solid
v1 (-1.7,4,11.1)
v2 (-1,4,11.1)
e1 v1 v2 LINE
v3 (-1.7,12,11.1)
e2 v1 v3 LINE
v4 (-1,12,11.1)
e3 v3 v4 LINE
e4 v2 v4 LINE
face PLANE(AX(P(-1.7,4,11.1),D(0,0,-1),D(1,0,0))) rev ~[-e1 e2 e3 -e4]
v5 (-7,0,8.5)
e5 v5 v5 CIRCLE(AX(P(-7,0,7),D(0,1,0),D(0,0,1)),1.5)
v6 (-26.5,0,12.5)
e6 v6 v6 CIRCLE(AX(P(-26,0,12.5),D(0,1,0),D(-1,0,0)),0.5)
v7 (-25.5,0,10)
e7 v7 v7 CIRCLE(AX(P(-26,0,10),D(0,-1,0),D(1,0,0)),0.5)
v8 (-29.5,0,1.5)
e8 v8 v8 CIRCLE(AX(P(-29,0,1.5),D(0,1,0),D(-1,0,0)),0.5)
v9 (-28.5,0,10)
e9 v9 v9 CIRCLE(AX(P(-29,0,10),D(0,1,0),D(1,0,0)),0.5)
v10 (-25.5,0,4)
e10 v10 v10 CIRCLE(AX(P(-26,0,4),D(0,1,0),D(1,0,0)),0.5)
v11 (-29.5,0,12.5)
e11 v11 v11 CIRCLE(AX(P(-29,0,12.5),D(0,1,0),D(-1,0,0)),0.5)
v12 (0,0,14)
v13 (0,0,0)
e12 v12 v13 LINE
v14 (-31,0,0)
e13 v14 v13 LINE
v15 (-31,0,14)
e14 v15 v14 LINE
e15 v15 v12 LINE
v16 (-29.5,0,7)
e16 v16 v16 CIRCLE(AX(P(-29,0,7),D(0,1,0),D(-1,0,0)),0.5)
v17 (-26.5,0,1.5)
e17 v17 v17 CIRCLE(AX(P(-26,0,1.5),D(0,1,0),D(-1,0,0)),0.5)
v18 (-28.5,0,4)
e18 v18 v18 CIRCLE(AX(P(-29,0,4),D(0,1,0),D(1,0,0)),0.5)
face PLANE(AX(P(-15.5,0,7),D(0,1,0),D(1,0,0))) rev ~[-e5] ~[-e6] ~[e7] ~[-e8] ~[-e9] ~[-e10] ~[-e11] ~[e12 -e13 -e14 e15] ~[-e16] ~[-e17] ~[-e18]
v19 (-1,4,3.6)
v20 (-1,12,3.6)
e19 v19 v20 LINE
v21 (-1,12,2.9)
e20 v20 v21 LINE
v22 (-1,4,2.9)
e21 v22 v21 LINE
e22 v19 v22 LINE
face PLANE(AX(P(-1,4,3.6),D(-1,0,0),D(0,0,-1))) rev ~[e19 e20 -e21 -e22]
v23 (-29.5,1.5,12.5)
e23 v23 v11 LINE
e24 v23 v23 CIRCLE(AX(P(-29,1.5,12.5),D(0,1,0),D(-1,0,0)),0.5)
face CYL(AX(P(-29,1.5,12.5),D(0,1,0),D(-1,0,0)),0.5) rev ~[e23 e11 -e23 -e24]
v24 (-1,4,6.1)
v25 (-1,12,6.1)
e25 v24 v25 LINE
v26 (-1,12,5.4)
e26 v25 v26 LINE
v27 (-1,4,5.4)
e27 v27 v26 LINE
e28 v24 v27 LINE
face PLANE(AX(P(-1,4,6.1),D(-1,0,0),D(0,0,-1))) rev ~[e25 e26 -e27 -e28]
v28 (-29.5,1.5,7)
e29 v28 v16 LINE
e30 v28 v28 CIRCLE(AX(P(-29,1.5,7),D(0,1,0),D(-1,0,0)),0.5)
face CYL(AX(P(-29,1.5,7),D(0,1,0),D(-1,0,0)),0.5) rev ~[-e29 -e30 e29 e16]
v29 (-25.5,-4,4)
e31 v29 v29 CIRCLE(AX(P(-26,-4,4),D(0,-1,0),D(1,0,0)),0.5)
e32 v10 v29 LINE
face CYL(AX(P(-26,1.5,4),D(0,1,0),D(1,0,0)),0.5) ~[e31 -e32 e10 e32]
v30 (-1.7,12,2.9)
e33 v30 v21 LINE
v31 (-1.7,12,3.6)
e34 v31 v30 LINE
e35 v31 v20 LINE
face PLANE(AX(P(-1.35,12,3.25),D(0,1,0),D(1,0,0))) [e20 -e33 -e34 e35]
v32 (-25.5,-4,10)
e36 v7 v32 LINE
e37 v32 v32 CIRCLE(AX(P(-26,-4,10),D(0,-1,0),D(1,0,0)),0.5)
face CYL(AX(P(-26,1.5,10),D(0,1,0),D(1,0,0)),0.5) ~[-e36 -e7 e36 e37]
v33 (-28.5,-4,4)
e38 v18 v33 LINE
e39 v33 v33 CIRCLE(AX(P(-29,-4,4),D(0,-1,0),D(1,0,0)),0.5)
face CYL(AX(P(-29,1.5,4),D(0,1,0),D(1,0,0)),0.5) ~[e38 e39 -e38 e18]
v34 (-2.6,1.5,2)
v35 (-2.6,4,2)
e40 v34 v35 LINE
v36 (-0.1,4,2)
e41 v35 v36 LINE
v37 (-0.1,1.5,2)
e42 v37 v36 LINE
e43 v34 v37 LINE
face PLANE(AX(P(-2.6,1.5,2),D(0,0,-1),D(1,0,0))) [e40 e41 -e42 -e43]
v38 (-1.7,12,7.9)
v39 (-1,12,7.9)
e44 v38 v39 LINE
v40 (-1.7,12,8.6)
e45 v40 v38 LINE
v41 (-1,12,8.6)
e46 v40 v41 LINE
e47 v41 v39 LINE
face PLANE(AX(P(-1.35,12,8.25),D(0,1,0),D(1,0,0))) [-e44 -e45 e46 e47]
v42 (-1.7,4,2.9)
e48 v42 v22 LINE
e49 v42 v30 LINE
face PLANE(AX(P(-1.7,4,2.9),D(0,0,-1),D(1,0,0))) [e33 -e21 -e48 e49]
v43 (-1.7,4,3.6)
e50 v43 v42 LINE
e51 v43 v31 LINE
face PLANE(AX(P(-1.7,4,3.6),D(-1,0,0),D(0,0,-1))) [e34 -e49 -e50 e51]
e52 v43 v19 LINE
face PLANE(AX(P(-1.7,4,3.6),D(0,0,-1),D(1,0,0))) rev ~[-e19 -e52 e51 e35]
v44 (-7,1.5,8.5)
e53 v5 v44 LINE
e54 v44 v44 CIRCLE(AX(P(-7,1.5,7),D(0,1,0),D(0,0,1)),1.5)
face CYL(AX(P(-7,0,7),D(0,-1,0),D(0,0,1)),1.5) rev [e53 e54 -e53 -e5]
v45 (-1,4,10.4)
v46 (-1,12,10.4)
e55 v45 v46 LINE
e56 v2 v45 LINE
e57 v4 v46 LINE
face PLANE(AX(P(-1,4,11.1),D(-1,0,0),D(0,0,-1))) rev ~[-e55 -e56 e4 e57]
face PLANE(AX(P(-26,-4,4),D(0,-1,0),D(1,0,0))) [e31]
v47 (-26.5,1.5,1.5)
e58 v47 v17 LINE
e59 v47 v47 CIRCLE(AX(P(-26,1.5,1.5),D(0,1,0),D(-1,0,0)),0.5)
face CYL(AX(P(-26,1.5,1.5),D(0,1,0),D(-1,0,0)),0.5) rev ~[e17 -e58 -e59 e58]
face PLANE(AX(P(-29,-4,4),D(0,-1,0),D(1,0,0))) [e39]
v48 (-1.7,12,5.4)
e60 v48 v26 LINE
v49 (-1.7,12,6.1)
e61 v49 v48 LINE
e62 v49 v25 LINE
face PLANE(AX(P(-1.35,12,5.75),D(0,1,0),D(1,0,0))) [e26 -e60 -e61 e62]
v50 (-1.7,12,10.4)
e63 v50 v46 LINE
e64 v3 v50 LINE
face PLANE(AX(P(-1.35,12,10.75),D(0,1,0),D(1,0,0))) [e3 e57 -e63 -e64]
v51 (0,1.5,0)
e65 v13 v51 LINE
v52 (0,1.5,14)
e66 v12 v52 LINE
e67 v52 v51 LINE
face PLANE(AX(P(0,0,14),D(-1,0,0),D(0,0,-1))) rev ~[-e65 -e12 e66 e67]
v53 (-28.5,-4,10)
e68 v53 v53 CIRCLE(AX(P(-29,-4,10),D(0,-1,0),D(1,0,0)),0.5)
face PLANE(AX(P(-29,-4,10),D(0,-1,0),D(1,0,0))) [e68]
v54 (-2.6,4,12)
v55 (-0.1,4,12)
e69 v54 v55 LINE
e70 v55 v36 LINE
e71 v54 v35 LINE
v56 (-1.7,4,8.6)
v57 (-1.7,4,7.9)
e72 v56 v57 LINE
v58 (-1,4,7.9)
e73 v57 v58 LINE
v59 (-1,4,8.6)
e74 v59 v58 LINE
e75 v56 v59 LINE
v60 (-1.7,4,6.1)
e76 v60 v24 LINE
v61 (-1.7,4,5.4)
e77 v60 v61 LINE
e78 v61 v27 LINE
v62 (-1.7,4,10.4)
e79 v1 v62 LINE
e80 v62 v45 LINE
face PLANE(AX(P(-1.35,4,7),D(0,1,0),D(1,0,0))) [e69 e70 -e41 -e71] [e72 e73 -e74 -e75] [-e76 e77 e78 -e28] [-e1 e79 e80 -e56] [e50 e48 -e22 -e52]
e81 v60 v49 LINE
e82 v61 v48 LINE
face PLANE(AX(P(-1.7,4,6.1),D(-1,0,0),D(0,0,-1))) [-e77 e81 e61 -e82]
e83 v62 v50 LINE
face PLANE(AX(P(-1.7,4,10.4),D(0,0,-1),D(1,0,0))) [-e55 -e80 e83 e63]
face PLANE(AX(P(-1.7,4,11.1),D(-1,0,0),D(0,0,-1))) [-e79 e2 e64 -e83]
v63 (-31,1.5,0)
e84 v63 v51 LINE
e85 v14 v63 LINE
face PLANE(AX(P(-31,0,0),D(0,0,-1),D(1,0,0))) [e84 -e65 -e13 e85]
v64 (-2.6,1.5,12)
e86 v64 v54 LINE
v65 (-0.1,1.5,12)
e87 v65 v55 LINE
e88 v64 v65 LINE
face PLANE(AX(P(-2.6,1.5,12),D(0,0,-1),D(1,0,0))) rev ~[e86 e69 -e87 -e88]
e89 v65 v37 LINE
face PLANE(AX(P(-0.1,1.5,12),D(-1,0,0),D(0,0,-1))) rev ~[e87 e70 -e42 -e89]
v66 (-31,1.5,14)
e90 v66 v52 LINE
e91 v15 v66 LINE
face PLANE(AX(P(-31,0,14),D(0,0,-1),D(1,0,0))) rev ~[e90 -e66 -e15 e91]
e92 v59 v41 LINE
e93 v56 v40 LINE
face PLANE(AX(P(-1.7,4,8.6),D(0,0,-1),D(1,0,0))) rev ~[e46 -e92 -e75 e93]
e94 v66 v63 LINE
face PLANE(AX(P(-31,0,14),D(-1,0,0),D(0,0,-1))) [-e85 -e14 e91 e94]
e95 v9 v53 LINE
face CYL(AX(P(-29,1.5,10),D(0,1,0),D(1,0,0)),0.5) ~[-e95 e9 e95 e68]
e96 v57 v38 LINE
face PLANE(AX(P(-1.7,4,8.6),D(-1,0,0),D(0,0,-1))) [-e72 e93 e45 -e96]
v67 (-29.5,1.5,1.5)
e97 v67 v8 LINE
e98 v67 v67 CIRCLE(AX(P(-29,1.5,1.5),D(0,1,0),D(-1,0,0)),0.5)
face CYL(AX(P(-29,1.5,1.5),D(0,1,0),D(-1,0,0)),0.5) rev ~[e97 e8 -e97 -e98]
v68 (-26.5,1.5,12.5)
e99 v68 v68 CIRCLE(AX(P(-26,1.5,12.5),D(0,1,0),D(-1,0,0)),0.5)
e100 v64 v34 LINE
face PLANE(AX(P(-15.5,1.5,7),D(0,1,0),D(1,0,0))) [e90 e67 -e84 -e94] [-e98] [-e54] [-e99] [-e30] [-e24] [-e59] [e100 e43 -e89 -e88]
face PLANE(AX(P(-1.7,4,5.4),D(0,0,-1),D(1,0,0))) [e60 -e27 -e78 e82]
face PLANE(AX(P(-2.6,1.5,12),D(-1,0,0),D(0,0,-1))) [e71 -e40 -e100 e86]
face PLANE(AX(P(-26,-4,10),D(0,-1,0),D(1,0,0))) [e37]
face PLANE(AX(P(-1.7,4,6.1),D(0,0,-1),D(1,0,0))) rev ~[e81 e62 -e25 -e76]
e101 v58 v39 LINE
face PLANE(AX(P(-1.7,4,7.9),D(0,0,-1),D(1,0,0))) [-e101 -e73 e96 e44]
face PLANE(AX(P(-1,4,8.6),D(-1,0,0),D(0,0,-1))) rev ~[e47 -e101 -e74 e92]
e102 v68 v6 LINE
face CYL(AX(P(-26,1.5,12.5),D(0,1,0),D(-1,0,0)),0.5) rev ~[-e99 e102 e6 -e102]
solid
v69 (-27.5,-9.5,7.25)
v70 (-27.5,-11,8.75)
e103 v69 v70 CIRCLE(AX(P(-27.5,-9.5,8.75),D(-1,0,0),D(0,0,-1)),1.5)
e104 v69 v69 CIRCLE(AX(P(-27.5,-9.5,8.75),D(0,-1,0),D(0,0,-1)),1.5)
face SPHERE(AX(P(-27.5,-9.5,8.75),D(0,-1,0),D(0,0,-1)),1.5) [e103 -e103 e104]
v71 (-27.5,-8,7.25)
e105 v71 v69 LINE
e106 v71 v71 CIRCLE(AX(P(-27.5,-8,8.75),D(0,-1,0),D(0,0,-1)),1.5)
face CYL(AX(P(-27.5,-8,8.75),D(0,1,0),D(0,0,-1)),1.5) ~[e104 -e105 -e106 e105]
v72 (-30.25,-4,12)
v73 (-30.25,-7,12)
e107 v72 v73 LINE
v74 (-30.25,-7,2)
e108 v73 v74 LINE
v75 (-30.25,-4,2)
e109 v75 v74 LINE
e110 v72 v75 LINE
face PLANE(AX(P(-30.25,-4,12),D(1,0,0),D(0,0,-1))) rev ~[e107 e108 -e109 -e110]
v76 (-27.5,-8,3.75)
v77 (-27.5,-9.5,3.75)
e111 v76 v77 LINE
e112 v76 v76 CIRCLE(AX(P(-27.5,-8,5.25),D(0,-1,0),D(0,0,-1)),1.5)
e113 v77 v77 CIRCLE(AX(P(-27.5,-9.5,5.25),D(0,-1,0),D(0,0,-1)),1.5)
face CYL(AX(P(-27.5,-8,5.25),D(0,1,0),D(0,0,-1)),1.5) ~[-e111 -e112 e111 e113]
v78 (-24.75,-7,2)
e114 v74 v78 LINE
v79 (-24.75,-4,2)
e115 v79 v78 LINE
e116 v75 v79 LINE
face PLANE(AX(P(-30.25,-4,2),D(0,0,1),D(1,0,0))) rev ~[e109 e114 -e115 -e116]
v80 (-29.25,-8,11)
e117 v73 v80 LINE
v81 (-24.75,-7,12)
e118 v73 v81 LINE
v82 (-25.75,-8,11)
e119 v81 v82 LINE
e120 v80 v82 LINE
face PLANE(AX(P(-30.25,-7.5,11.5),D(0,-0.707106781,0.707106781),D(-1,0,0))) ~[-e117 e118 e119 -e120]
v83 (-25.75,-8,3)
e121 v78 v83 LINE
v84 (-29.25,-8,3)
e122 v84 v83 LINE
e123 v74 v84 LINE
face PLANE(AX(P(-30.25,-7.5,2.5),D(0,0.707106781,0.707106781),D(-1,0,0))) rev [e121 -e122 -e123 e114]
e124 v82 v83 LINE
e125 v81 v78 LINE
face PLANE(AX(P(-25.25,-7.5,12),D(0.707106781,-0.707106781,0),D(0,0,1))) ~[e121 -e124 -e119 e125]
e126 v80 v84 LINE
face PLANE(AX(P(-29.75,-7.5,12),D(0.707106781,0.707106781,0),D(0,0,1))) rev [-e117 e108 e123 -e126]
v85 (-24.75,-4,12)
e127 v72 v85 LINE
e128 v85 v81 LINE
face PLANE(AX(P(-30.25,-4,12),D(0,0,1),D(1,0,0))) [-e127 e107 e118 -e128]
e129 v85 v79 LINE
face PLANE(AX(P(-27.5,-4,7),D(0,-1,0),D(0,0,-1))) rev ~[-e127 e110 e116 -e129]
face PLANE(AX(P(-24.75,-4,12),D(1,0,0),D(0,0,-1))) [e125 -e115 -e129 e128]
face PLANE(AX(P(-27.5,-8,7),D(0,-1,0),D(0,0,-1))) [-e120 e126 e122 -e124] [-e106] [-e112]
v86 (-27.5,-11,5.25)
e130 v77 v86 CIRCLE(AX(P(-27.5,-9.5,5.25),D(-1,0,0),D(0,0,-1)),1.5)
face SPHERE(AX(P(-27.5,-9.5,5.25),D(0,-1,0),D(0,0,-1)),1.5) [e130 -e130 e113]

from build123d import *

# Parameters (mm, degrees)
SKETCH1_W            = 31
SKETCH1_H            = 14
SKETCH1_R            = 1.5
BOSS_EXTRUDE1_DEPTH  = 1.5
SKETCH2_W            = 2.5
SKETCH2_H            = 10
BOSS_EXTRUDE2_DEPTH  = 2.5
SKETCH3_W            = 0.7
SKETCH3_H            = 0.7
BOSS_EXTRUDE3_DEPTH  = 8
CUT_EXTRUDE3_REACH   = 37.598
SKETCH13_R           = 0.5
SKETCH14_W           = 10
SKETCH14_H           = 5.5
BOSS_EXTRUDE10_DEPTH = 4
CHAMFER1_SIZE        = 1
SKETCH15_R           = 1.5
BOSS_EXTRUDE11_DEPTH = 3
SKETCH15_2_R         = 1.5
BOSS_EXTRUDE12_DEPTH = 2
FILLET3_R            = 1.5
FILLET4_R            = 1.5
BOSS_EXTRUDE13_START = -5.5
SKETCH16_R           = 0.5
BOSS_EXTRUDE13_DEPTH = 5.5


with BuildPart() as part:
    # Sketch1 → Boss-Extrude1 (new body)
    with BuildSketch(Plane(origin=(0, 0, 0), x_dir=(1, 0, 0), z_dir=(0, 1, 0))):
        with Locations((-15.5, -7)):
            Rectangle(SKETCH1_W, SKETCH1_H)
        with Locations((-7, -7)):
            Circle(SKETCH1_R, mode=Mode.SUBTRACT)
    extrude(amount=BOSS_EXTRUDE1_DEPTH)

    # Sketch2 → Boss-Extrude2 (add)
    with BuildSketch(Plane(origin=(0, 1.5, 0), x_dir=(1, 0, 0), z_dir=(0, 1, 0))):
        with Locations((-1.35, -7)):
            Rectangle(SKETCH2_W, SKETCH2_H)
    extrude(amount=BOSS_EXTRUDE2_DEPTH)

    # Sketch3 → Boss-Extrude3 (add)
    with BuildSketch(Plane(origin=(0, 4, 0), x_dir=(1, 0, 0), z_dir=(0, 1, 0))):
        with Locations((-1.35, -3.25)):
            Rectangle(SKETCH3_W, SKETCH3_H)
        with Locations((-1.35, -5.75)):
            Rectangle(SKETCH3_W, SKETCH3_H)
        with Locations((-1.35, -8.25)):
            Rectangle(SKETCH3_W, SKETCH3_H)
        with Locations((-1.35, -10.75)):
            Rectangle(SKETCH3_W, SKETCH3_H)
    extrude(amount=BOSS_EXTRUDE3_DEPTH)

    # Sketch13 → Cut-Extrude3 (cut, up to next)
    with BuildSketch(Plane.ZX.offset(1.5), mode=Mode.PRIVATE) as cut_extrude3_sk1:
        with Locations((12.5, -29)):
            Circle(SKETCH13_R)
    cut_extrude3_tool1 = extrude(cut_extrude3_sk1.sketch, amount=-CUT_EXTRUDE3_REACH, mode=Mode.PRIVATE) & part.part
    # Sketch13 → Cut-Extrude3 (cut, up to next)
    with BuildSketch(Plane.ZX.offset(1.5), mode=Mode.PRIVATE) as cut_extrude3_sk2:
        with Locations((12.5, -26)):
            Circle(SKETCH13_R)
    cut_extrude3_tool2 = extrude(cut_extrude3_sk2.sketch, amount=-CUT_EXTRUDE3_REACH, mode=Mode.PRIVATE) & part.part
    # Sketch13 → Cut-Extrude3 (cut, up to next)
    with BuildSketch(Plane.ZX.offset(1.5), mode=Mode.PRIVATE) as cut_extrude3_sk3:
        with Locations((10, -26)):
            Circle(SKETCH13_R)
    cut_extrude3_tool3 = extrude(cut_extrude3_sk3.sketch, amount=-CUT_EXTRUDE3_REACH, mode=Mode.PRIVATE) & part.part
    # Sketch13 → Cut-Extrude3 (cut, up to next)
    with BuildSketch(Plane.ZX.offset(1.5), mode=Mode.PRIVATE) as cut_extrude3_sk4:
        with Locations((10, -29)):
            Circle(SKETCH13_R)
    cut_extrude3_tool4 = extrude(cut_extrude3_sk4.sketch, amount=-CUT_EXTRUDE3_REACH, mode=Mode.PRIVATE) & part.part
    # Sketch13 → Cut-Extrude3 (cut, up to next)
    with BuildSketch(Plane.ZX.offset(1.5), mode=Mode.PRIVATE) as cut_extrude3_sk5:
        with Locations((7, -29)):
            Circle(SKETCH13_R)
    cut_extrude3_tool5 = extrude(cut_extrude3_sk5.sketch, amount=-CUT_EXTRUDE3_REACH, mode=Mode.PRIVATE) & part.part
    # Sketch13 → Cut-Extrude3 (cut, up to next)
    with BuildSketch(Plane.ZX.offset(1.5), mode=Mode.PRIVATE) as cut_extrude3_sk6:
        with Locations((4, -29)):
            Circle(SKETCH13_R)
    cut_extrude3_tool6 = extrude(cut_extrude3_sk6.sketch, amount=-CUT_EXTRUDE3_REACH, mode=Mode.PRIVATE) & part.part
    # Sketch13 → Cut-Extrude3 (cut, up to next)
    with BuildSketch(Plane.ZX.offset(1.5), mode=Mode.PRIVATE) as cut_extrude3_sk7:
        with Locations((1.5, -29)):
            Circle(SKETCH13_R)
    cut_extrude3_tool7 = extrude(cut_extrude3_sk7.sketch, amount=-CUT_EXTRUDE3_REACH, mode=Mode.PRIVATE) & part.part
    # Sketch13 → Cut-Extrude3 (cut, up to next)
    with BuildSketch(Plane.ZX.offset(1.5), mode=Mode.PRIVATE) as cut_extrude3_sk8:
        with Locations((4, -26)):
            Circle(SKETCH13_R)
    cut_extrude3_tool8 = extrude(cut_extrude3_sk8.sketch, amount=-CUT_EXTRUDE3_REACH, mode=Mode.PRIVATE) & part.part
    # Sketch13 → Cut-Extrude3 (cut, up to next)
    with BuildSketch(Plane.ZX.offset(1.5), mode=Mode.PRIVATE) as cut_extrude3_sk9:
        with Locations((1.5, -26)):
            Circle(SKETCH13_R)
    cut_extrude3_tool9 = extrude(cut_extrude3_sk9.sketch, amount=-CUT_EXTRUDE3_REACH, mode=Mode.PRIVATE) & part.part
    add(cut_extrude3_tool1.solids().sort_by_distance((-29, 1.5, 12.5))[0], mode=Mode.SUBTRACT)
    add(cut_extrude3_tool2.solids().sort_by_distance((-26, 1.5, 12.5))[0], mode=Mode.SUBTRACT)
    add(cut_extrude3_tool3.solids().sort_by_distance((-26, 1.5, 10))[0], mode=Mode.SUBTRACT)
    add(cut_extrude3_tool4.solids().sort_by_distance((-29, 1.5, 10))[0], mode=Mode.SUBTRACT)
    add(cut_extrude3_tool5.solids().sort_by_distance((-29, 1.5, 7))[0], mode=Mode.SUBTRACT)
    add(cut_extrude3_tool6.solids().sort_by_distance((-29, 1.5, 4))[0], mode=Mode.SUBTRACT)
    add(cut_extrude3_tool7.solids().sort_by_distance((-29, 1.5, 1.5))[0], mode=Mode.SUBTRACT)
    add(cut_extrude3_tool8.solids().sort_by_distance((-26, 1.5, 4))[0], mode=Mode.SUBTRACT)
    add(cut_extrude3_tool9.solids().sort_by_distance((-26, 1.5, 1.5))[0], mode=Mode.SUBTRACT)

    # Sketch16 → Boss-Extrude13 (add)
    with BuildSketch(Plane(origin=(0, -4, 0), x_dir=(0, 0, -1), z_dir=(0, -1, 0)).offset(BOSS_EXTRUDE13_START)):
        with Locations((-10, -26)):
            Circle(SKETCH16_R)
        with Locations((-4, -29)):
            Circle(SKETCH16_R)
        with Locations((-4, -26)):
            Circle(SKETCH16_R)
        with Locations((-10, -29)):
            Circle(SKETCH16_R)
    extrude(amount=BOSS_EXTRUDE13_DEPTH)


with BuildPart() as body_2:
    # Sketch14 → Boss-Extrude10 (new body)
    with BuildSketch(Plane(origin=(0, -4, 0), x_dir=(0, 0, -1), z_dir=(0, -1, 0))):
        with Locations((-7, -27.5)):
            Rectangle(SKETCH14_W, SKETCH14_H)
    extrude(amount=BOSS_EXTRUDE10_DEPTH)

    # Chamfer1
    chamfer1_edges = [body_2.edges().sort_by_distance(p)[0] for p in [
        (-27.5, -8, 2),
        (-30.25, -8, 7),
        (-27.5, -8, 12),
        (-24.75, -8, 7),
    ]]
    chamfer(chamfer1_edges, length=CHAMFER1_SIZE)

    # Sketch15 → Boss-Extrude11 (add)
    with BuildSketch(Plane(origin=(0, -8, 0), x_dir=(0, 0, -1), z_dir=(0, -1, 0))):
        with Locations((-8.75, -27.5)):
            Circle(SKETCH15_R)
        with Locations((-5.25, -27.5)):
            Circle(SKETCH15_R)
    extrude(amount=BOSS_EXTRUDE11_DEPTH)

    # Sketch15<2> → Boss-Extrude12 (add)
    with BuildSketch(Plane(origin=(0, -8, 0), x_dir=(0, 0, -1), z_dir=(0, -1, 0))):
        with Locations((-8.75, -27.5)):
            Circle(SKETCH15_2_R)
        with Locations((-5.25, -27.5)):
            Circle(SKETCH15_2_R)
    extrude(amount=-BOSS_EXTRUDE12_DEPTH)

    # Fillet3
    fillet3_edges = [body_2.edges().sort_by_distance(p)[0] for p in [
        (-27.5, -11, 10.25),
    ]]
    fillet(fillet3_edges, radius=FILLET3_R)

    # Fillet4
    fillet4_edges = [body_2.edges().sort_by_distance(p)[0] for p in [
        (-27.5, -11, 6.75),
    ]]
    fillet(fillet4_edges, radius=FILLET4_R)


solid = Compound([part.part, body_2.part])
